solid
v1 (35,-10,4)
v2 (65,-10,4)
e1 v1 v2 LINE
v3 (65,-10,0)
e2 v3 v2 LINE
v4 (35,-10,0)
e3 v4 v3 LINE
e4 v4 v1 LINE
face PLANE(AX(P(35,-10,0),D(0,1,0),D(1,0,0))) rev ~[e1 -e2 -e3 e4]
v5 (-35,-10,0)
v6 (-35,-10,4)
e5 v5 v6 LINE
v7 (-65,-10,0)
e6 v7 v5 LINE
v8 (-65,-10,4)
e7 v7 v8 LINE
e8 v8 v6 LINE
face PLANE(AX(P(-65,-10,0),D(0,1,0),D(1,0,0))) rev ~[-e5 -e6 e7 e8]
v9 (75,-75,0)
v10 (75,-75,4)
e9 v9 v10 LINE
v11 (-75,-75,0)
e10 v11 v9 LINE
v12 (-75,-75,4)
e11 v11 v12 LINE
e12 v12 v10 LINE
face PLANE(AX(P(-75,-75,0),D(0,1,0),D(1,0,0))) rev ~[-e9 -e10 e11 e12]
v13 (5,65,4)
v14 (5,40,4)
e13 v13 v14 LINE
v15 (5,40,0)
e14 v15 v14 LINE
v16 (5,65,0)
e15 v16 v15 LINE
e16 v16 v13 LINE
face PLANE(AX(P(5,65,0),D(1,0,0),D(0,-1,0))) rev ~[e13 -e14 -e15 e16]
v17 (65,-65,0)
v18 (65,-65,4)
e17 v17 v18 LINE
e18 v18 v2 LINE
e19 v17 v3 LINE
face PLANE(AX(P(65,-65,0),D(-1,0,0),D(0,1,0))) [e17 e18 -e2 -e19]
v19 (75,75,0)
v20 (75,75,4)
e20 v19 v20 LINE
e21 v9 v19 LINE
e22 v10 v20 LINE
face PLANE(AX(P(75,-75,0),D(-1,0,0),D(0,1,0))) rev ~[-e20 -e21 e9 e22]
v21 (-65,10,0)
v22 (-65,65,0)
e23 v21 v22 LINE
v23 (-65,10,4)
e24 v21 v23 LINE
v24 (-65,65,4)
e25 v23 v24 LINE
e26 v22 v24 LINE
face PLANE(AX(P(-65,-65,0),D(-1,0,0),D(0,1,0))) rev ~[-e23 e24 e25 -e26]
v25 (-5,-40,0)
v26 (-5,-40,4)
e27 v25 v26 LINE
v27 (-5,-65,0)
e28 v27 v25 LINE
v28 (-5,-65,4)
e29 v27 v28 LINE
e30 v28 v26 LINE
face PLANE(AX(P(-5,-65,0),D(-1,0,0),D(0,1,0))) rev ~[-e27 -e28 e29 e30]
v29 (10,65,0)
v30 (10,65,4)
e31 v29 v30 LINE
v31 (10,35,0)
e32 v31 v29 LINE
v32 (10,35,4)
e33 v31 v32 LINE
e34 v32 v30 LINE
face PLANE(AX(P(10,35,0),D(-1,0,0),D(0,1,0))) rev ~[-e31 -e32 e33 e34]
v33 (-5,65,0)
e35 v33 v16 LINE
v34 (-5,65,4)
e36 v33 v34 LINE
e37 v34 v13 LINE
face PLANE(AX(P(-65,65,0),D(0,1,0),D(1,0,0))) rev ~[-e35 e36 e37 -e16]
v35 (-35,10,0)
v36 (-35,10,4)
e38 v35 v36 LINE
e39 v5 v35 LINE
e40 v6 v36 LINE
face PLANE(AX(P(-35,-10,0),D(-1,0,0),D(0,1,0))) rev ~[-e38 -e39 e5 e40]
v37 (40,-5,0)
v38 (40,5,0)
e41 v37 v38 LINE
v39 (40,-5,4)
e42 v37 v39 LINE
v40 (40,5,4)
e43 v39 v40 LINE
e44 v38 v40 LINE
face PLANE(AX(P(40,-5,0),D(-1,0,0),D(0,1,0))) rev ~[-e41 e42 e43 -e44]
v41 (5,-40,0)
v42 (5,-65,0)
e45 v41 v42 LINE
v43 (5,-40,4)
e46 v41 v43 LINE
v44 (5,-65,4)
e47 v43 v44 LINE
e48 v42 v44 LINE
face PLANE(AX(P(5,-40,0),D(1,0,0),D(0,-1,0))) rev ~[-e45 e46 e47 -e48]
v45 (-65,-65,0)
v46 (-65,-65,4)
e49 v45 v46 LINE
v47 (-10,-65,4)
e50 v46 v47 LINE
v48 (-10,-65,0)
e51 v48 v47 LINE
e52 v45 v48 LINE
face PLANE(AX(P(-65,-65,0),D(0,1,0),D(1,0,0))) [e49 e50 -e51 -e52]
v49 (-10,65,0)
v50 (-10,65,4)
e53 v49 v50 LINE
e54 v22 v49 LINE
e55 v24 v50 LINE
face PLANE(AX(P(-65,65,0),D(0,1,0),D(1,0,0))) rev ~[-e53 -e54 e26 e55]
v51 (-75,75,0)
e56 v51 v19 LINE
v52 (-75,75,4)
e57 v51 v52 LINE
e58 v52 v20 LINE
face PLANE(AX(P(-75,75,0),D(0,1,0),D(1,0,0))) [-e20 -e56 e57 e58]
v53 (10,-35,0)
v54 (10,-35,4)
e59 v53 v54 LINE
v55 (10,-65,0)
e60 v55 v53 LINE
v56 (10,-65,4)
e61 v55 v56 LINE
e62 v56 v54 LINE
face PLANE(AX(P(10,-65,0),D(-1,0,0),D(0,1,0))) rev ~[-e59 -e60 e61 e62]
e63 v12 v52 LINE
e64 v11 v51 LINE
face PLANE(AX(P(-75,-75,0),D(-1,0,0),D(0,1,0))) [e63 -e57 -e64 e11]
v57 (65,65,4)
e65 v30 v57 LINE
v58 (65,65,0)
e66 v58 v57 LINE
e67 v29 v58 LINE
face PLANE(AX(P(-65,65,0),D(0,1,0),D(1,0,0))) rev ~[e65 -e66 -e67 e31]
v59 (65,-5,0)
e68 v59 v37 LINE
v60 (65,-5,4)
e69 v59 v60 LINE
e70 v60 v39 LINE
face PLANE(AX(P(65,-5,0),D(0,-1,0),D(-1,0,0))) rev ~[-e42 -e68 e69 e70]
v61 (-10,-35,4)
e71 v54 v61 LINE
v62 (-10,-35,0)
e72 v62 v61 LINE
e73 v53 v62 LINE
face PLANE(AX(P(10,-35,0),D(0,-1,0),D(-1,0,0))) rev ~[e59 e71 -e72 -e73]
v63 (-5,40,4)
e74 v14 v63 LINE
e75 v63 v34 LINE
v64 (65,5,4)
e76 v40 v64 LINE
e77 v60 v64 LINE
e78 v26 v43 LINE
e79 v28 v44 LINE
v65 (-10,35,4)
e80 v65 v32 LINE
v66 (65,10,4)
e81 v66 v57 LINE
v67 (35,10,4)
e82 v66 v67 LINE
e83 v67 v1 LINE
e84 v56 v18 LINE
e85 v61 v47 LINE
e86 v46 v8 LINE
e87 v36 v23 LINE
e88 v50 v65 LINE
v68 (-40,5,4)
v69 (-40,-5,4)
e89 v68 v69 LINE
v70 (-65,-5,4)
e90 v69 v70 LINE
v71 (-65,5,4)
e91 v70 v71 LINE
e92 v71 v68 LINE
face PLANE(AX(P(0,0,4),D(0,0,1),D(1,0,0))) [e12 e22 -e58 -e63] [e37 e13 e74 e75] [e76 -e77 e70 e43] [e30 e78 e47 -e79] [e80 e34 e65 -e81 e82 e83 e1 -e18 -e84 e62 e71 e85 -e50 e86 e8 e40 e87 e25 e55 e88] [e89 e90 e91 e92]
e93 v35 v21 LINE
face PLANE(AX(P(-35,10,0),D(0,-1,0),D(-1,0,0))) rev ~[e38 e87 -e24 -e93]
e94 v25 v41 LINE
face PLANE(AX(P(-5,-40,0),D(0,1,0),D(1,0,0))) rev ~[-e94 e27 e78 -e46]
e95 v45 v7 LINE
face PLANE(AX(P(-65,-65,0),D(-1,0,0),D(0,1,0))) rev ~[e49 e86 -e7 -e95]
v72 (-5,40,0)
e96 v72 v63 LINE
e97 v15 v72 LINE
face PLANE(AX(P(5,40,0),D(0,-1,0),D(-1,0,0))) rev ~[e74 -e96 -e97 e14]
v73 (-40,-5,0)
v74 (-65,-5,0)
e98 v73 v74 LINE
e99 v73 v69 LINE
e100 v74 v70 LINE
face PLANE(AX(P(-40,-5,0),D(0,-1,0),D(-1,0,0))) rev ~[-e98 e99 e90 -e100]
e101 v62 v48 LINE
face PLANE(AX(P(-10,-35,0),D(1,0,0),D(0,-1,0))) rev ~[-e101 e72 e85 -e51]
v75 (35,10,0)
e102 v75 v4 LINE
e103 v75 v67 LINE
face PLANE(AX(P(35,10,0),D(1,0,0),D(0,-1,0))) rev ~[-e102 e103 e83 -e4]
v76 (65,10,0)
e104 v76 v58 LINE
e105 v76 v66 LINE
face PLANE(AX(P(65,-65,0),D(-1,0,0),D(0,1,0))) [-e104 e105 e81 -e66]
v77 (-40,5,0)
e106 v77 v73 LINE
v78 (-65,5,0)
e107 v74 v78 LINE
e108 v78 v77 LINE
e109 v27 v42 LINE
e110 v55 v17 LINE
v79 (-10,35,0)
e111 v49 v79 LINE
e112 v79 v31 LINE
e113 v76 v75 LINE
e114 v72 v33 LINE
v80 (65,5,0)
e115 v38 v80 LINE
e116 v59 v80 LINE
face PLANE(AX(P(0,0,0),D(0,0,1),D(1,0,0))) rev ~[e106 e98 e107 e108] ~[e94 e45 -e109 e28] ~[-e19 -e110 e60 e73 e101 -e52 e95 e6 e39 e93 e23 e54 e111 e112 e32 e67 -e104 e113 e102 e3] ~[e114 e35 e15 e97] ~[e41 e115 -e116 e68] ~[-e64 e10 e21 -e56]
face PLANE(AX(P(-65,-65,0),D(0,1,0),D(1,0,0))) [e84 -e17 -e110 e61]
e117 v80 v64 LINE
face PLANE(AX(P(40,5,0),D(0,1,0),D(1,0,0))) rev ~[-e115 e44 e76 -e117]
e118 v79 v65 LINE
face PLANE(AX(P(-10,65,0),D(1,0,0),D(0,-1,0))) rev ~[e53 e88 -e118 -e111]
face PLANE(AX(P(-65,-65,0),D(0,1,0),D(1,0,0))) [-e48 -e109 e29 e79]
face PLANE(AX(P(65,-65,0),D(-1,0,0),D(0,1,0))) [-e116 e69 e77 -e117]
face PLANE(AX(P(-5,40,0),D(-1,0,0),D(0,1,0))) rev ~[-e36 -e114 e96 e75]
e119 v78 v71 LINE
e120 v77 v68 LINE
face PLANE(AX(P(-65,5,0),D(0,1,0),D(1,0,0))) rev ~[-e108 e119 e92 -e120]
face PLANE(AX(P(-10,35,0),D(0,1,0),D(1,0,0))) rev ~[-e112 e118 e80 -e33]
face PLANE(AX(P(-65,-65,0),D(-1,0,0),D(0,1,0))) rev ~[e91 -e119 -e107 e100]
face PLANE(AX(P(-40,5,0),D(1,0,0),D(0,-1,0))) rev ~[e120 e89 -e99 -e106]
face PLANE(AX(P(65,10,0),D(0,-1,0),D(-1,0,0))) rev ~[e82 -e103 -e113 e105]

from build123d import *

# Parameters (mm, degrees)
F0_W     = 150
F0_H     = 150
F0_W_2   = 130
F0_H_2   = 130
F1_DEPTH = 4
F3_DEPTH = 4


with BuildPart() as f1:
    # F0 (on Top) → F1 (new body)
    with BuildSketch(Plane.XY):
        Rectangle(F0_W, F0_H)
        Rectangle(F0_W_2, F0_H_2, mode=Mode.SUBTRACT)
    extrude(amount=F1_DEPTH)

    # F2 (on Top) → F3 (join, through all)
    with BuildSketch(Plane.XY):
        Polygon((-35, 10), (-65, 10), (-65, 5), (-40, 5), (-40, -5), (-65, -5), (-65, -10), (-35, -10), align=None)
        Polygon((-5, 65), (-10, 65), (-10, 35), (10, 35), (10, 65), (5, 65), (5, 40), (-5, 40), align=None)
        Polygon((65, 5), (65, 10), (35, 10), (35, -10), (65, -10), (65, -5), (40, -5), (40, 5), align=None)
        Polygon((5, -65), (10, -65), (10, -35), (-10, -35), (-10, -65), (-5, -65), (-5, -40), (5, -40), align=None)
    extrude(amount=F3_DEPTH)


solid = f1.part
